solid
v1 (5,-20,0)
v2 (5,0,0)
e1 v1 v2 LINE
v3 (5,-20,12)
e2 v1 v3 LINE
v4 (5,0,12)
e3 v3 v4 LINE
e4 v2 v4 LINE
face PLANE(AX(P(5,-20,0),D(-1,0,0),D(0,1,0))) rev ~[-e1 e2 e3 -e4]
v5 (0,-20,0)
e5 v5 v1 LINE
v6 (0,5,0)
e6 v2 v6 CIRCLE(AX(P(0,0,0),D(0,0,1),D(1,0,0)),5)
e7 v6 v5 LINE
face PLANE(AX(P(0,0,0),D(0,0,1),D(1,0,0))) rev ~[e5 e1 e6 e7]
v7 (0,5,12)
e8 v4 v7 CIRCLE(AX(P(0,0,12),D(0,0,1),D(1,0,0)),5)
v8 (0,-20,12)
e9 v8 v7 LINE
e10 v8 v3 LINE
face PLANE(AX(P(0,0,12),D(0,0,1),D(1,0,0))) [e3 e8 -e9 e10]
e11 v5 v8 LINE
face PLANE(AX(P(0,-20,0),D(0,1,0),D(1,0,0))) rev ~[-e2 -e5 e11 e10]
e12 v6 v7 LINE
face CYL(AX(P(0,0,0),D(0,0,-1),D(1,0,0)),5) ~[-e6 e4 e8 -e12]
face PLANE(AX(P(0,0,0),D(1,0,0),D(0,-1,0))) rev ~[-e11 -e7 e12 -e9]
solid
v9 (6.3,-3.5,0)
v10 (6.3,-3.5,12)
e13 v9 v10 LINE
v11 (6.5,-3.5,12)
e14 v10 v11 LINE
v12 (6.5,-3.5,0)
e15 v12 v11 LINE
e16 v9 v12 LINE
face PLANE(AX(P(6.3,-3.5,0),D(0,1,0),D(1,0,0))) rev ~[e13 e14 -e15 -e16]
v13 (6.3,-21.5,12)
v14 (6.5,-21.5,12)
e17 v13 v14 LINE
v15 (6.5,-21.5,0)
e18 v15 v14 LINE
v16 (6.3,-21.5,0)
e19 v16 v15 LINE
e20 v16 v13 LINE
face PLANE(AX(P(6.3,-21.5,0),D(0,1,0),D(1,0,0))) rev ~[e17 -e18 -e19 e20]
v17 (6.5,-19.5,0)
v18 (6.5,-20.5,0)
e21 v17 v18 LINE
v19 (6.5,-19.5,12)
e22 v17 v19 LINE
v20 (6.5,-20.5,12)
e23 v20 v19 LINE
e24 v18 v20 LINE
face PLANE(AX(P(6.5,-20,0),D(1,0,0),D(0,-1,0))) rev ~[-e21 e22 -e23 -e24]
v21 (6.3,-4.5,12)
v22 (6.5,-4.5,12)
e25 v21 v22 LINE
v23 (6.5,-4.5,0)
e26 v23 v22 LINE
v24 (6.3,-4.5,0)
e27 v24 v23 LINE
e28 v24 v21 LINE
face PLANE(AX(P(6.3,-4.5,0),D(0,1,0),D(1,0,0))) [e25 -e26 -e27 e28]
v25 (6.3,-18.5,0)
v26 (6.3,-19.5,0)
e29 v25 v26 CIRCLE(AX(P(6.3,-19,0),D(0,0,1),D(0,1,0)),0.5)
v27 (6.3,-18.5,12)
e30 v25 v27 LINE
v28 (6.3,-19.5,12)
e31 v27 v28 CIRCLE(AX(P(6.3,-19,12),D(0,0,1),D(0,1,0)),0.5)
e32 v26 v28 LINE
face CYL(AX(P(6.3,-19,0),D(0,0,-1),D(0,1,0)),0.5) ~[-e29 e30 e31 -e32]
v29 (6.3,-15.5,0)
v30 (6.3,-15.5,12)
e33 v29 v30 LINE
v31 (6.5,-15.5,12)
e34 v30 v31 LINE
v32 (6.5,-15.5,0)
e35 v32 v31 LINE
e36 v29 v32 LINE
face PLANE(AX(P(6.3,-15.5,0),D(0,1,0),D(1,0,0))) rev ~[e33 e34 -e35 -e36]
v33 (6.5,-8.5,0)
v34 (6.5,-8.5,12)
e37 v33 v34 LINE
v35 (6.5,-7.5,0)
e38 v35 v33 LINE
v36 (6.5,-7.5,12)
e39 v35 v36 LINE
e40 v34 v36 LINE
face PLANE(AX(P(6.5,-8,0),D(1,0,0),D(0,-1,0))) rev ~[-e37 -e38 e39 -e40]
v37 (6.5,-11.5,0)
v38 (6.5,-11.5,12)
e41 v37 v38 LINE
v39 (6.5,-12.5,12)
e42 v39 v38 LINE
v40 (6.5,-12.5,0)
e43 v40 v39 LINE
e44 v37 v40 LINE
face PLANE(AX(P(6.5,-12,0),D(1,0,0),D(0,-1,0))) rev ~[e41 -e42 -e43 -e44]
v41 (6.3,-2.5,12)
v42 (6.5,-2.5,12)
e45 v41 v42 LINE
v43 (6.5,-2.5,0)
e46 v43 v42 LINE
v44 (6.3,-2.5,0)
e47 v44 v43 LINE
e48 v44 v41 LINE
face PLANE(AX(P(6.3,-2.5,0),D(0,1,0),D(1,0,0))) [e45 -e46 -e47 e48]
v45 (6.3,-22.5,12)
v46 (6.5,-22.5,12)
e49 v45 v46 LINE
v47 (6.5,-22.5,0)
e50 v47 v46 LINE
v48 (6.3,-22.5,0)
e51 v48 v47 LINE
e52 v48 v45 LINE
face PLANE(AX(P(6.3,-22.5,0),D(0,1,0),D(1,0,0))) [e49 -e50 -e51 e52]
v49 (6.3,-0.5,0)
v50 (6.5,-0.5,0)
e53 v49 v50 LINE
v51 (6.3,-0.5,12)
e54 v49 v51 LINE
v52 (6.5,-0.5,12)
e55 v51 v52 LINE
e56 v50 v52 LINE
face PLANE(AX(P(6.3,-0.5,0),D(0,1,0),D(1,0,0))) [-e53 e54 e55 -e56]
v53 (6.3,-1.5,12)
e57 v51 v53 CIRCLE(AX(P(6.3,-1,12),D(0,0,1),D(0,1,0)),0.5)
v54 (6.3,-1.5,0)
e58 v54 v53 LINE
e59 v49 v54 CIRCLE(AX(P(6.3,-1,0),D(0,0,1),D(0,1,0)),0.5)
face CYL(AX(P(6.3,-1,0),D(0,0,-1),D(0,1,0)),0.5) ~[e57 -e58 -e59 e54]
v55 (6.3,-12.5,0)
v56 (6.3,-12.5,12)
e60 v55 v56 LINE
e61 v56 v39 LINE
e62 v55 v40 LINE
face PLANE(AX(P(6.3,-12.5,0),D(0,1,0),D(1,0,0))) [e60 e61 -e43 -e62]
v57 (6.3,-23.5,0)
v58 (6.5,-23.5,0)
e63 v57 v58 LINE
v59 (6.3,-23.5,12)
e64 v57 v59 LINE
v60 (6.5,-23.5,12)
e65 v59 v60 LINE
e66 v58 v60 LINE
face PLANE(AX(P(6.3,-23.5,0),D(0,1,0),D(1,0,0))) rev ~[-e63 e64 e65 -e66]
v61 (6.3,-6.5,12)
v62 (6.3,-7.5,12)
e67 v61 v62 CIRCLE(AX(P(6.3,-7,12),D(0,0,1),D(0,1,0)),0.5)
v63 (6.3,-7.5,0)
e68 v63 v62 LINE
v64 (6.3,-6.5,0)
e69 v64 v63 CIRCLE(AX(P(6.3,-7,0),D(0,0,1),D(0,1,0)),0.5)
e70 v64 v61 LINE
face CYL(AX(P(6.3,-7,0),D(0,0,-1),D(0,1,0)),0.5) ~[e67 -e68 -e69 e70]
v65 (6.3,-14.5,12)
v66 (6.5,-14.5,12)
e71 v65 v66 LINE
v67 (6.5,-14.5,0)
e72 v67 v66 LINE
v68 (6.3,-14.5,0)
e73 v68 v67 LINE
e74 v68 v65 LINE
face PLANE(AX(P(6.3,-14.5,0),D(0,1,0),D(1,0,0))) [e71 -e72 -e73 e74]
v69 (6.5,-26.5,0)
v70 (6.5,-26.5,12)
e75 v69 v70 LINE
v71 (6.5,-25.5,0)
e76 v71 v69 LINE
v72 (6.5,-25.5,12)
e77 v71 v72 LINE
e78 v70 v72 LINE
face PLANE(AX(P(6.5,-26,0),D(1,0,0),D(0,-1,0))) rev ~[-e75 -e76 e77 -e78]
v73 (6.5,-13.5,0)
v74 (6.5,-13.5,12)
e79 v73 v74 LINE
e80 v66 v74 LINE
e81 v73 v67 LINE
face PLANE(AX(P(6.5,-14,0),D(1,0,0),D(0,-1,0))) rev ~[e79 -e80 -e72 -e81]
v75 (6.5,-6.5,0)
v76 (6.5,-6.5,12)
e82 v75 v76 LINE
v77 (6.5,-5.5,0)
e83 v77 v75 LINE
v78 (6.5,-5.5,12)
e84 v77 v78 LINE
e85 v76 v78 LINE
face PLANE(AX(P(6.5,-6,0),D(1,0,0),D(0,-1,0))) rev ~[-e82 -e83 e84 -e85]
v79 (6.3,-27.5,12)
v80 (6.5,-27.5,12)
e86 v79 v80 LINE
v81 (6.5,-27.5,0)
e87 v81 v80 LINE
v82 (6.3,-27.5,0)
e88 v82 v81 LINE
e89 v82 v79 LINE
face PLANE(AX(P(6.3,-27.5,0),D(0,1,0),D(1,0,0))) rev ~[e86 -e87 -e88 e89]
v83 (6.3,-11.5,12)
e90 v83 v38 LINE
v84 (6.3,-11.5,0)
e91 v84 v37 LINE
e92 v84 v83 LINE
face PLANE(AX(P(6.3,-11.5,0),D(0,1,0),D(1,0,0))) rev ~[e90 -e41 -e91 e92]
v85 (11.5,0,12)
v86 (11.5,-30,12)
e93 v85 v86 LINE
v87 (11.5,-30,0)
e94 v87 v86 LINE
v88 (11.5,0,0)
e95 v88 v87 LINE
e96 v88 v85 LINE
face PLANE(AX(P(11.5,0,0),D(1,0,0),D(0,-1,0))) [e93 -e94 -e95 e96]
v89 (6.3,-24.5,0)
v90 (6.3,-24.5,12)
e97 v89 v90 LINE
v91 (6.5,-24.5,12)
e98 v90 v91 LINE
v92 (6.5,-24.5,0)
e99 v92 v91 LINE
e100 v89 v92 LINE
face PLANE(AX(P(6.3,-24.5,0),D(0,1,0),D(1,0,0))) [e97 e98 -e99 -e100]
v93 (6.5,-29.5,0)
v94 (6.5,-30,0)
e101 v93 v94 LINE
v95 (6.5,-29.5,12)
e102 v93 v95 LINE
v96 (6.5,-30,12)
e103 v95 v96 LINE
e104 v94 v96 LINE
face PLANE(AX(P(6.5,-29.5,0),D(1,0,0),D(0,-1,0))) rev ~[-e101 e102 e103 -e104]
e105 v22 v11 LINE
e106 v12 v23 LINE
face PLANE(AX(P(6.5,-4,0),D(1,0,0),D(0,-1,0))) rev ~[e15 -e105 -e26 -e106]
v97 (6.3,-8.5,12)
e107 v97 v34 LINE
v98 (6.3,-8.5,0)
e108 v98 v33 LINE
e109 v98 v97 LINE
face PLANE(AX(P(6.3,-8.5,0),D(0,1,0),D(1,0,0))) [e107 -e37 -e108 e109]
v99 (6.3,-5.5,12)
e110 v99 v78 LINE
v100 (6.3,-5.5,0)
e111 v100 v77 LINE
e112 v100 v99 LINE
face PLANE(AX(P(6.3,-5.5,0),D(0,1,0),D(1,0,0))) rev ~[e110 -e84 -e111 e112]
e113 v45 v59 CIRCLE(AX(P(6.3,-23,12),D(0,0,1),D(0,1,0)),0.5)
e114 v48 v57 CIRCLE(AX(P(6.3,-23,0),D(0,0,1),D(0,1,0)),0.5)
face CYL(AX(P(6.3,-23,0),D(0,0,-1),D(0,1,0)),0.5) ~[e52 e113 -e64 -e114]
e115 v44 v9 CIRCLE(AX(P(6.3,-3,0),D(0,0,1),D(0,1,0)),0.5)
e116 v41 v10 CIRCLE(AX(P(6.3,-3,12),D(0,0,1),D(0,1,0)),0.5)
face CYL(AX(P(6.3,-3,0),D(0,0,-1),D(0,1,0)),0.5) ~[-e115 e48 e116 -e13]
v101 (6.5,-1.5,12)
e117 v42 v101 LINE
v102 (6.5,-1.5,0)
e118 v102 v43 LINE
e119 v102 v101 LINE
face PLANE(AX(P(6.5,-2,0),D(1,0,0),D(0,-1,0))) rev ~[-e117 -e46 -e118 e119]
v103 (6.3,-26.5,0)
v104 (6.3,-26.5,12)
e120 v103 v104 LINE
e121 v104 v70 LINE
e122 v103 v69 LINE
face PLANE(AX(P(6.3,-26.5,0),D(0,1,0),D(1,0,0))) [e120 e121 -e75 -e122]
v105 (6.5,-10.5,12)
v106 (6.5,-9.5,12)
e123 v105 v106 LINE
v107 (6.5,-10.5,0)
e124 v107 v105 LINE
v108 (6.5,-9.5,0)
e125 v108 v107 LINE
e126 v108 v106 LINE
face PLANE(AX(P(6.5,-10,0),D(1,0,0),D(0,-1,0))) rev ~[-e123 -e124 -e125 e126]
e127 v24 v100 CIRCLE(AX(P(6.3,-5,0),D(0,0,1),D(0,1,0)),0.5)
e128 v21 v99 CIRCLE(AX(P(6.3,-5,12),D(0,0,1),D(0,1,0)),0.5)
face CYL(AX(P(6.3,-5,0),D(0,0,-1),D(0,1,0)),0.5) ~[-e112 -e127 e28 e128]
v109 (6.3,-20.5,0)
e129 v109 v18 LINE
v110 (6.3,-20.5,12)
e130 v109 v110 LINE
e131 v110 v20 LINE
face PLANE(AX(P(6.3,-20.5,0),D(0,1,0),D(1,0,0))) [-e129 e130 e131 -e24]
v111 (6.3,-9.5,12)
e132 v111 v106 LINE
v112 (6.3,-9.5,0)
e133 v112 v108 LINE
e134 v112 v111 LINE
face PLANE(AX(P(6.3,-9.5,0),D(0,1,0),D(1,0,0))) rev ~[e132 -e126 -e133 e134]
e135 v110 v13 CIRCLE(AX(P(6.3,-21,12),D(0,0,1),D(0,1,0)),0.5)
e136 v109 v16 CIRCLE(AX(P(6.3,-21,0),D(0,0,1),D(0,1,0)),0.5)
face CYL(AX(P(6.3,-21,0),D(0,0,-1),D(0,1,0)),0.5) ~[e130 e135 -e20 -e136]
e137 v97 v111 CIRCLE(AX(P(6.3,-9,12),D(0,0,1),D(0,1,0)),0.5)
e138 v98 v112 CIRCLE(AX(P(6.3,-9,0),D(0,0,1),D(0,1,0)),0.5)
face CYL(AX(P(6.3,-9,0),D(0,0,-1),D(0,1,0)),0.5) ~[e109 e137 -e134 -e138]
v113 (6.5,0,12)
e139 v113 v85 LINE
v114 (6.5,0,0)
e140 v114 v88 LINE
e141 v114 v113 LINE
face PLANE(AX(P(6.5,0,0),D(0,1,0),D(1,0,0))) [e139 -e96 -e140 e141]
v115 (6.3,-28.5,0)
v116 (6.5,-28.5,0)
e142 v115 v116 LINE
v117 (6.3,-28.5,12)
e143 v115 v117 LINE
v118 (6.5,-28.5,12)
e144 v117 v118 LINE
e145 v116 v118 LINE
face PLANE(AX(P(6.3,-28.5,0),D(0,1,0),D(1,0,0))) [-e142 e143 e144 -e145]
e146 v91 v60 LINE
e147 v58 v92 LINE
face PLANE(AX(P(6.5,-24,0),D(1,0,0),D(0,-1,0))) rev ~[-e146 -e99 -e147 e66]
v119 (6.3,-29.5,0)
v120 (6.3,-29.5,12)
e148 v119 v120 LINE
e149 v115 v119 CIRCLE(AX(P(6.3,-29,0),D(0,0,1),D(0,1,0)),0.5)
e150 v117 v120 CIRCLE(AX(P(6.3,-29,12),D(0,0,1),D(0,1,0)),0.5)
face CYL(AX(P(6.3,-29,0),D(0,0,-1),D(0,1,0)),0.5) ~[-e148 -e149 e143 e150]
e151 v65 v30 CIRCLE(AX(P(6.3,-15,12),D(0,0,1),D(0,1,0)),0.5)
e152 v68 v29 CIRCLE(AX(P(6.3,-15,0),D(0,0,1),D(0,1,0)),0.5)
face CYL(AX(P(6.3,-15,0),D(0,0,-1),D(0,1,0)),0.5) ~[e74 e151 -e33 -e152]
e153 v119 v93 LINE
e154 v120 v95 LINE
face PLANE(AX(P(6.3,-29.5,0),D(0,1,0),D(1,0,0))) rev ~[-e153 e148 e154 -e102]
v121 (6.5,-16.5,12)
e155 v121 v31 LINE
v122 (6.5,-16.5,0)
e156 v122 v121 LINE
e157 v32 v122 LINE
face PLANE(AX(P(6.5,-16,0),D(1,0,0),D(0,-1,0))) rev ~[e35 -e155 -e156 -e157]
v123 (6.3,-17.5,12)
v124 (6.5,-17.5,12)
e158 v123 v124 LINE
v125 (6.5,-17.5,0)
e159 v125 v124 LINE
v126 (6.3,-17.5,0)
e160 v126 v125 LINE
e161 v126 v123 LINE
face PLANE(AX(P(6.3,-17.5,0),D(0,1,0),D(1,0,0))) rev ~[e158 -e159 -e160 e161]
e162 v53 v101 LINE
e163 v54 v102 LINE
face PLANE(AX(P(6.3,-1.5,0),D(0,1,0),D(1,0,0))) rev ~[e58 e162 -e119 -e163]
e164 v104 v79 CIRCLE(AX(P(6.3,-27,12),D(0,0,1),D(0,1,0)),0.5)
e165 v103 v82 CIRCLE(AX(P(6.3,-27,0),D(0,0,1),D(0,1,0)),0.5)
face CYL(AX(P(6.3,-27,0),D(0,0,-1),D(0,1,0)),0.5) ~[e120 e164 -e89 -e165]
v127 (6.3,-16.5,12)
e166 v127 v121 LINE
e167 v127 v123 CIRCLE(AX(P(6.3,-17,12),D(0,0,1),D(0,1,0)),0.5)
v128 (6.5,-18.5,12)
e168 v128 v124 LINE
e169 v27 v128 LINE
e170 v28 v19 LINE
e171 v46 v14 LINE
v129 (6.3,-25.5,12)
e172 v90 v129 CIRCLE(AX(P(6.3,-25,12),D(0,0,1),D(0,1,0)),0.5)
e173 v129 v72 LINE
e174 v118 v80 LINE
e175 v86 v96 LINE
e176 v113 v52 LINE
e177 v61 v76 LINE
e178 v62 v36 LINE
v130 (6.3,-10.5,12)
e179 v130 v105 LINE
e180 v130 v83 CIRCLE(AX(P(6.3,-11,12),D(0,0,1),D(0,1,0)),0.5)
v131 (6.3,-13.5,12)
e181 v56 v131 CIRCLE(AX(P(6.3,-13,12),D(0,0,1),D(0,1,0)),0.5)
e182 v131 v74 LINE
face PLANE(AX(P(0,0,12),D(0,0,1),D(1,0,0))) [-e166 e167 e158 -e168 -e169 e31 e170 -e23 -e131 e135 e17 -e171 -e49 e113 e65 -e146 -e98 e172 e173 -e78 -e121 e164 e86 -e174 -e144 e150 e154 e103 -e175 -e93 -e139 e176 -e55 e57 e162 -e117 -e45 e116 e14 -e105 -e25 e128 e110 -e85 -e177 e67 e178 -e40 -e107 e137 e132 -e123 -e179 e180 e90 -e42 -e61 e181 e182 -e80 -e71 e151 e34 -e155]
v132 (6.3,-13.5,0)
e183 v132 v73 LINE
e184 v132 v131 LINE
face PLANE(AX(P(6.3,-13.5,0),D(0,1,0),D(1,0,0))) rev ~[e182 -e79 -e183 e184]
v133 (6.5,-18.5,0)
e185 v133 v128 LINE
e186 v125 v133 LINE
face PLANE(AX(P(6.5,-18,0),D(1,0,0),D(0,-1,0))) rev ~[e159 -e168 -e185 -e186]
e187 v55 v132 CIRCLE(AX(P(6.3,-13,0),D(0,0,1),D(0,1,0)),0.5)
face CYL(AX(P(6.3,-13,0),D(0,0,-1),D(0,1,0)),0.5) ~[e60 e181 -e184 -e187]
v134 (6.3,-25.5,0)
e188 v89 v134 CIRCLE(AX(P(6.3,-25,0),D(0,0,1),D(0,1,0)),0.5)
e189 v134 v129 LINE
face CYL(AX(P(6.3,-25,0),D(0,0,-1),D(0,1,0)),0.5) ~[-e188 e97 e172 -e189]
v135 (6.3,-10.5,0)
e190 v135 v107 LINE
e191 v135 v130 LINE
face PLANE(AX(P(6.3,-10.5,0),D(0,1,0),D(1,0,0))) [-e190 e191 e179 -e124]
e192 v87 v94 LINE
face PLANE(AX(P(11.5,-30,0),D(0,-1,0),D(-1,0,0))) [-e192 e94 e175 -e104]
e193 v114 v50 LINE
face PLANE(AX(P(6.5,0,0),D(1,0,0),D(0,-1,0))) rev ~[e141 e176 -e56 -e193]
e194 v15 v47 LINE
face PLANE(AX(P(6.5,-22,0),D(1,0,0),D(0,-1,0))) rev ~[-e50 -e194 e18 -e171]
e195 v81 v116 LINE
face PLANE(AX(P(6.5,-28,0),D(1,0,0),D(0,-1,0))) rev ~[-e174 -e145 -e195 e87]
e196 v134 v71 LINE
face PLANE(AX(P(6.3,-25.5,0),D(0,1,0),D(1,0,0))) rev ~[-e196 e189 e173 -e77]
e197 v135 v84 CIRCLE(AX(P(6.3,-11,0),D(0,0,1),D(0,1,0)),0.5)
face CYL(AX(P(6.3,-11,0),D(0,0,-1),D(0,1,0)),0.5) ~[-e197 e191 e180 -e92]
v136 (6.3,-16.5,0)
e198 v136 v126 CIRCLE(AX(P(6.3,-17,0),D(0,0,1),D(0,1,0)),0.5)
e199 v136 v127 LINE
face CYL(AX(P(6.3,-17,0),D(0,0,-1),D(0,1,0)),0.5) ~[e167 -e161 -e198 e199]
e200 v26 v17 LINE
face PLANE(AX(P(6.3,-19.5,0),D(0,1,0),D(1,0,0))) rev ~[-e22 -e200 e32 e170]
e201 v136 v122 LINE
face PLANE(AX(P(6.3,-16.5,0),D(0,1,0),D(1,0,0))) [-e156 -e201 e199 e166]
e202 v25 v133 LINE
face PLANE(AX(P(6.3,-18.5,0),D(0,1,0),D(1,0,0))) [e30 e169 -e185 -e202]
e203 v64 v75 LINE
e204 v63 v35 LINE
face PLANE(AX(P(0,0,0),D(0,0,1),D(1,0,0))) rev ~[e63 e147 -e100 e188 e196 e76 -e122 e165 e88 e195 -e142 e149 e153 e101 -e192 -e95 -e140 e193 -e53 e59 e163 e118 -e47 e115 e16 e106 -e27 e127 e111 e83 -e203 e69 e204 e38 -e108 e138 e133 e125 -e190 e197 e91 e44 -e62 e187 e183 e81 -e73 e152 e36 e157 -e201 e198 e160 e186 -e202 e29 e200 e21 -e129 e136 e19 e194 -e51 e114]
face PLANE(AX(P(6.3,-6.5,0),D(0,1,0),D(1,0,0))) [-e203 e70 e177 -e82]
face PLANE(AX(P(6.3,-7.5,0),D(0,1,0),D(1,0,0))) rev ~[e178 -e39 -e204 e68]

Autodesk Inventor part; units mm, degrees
ref_plane "YZ Plane" through (0, 0, 0) normal (1, 0, 0) x (0, 1, 0)
ref_plane "XZ Plane" through (0, 0, 0) normal (0, 1, 0) x (-1, 0, 0)
ref_plane "XY Plane" through (0, 0, 0) normal (0, 0, 1) x (1, 0, 0)
sketch "Sketch1" plane through (0, 0, 0) normal (0, 0, 1) x (1, 0, 0)
  arc A0 (5, 0) -> (0, 5) centre (0, 0) ccw
  line L0 (0, 0) -> (0, -20)
  line L1 (0, -20) -> (5, -20)
  line L2 (5, -20) -> (5, 0)
  line L3 (0, 0) -> (0, 5)
  arc A1 (6.3, -0.5) -> (6.3, -1.5) centre (6.3, -1) ccw
  line L4 (6.3, -0.5) -> (6.5, -0.5)
  line L5 (6.3, -1.5) -> (6.5, -1.5)
  line L6 (6.5, 0) -> (6.5, -0.5)
  line L7 (6.5, -1.5) -> (6.5, -2)
  arc A2 (6.3, -2.5) -> (6.3, -3.5) centre (6.3, -3) ccw
  line L8 (6.3, -2.5) -> (6.5, -2.5)
  line L9 (6.3, -3.5) -> (6.5, -3.5)
  line L10 (6.5, -2) -> (6.5, -2.5)
  line L11 (6.5, -3.5) -> (6.5, -4)
  arc A3 (6.3, -4.5) -> (6.3, -5.5) centre (6.3, -5) ccw
  line L12 (6.3, -4.5) -> (6.5, -4.5)
  line L13 (6.3, -5.5) -> (6.5, -5.5)
  line L14 (6.5, -4) -> (6.5, -4.5)
  line L15 (6.5, -5.5) -> (6.5, -6)
  arc A4 (6.3, -6.5) -> (6.3, -7.5) centre (6.3, -7) ccw
  line L16 (6.3, -6.5) -> (6.5, -6.5)
  line L17 (6.3, -7.5) -> (6.5, -7.5)
  line L18 (6.5, -6) -> (6.5, -6.5)
  line L19 (6.5, -7.5) -> (6.5, -8)
  arc A5 (6.3, -8.5) -> (6.3, -9.5) centre (6.3, -9) ccw
  line L20 (6.3, -8.5) -> (6.5, -8.5)
  line L21 (6.3, -9.5) -> (6.5, -9.5)
  line L22 (6.5, -8) -> (6.5, -8.5)
  line L23 (6.5, -9.5) -> (6.5, -10)
  arc A6 (6.3, -10.5) -> (6.3, -11.5) centre (6.3, -11) ccw
  line L24 (6.3, -10.5) -> (6.5, -10.5)
  line L25 (6.3, -11.5) -> (6.5, -11.5)
  line L26 (6.5, -10) -> (6.5, -10.5)
  line L27 (6.5, -11.5) -> (6.5, -12)
  arc A7 (6.3, -12.5) -> (6.3, -13.5) centre (6.3, -13) ccw
  line L28 (6.3, -12.5) -> (6.5, -12.5)
  line L29 (6.3, -13.5) -> (6.5, -13.5)
  line L30 (6.5, -12) -> (6.5, -12.5)
  line L31 (6.5, -13.5) -> (6.5, -14)
  arc A8 (6.3, -14.5) -> (6.3, -15.5) centre (6.3, -15) ccw
  line L32 (6.3, -14.5) -> (6.5, -14.5)
  line L33 (6.3, -15.5) -> (6.5, -15.5)
  line L34 (6.5, -14) -> (6.5, -14.5)
  line L35 (6.5, -15.5) -> (6.5, -16)
  arc A9 (6.3, -16.5) -> (6.3, -17.5) centre (6.3, -17) ccw
  line L36 (6.3, -16.5) -> (6.5, -16.5)
  line L37 (6.3, -17.5) -> (6.5, -17.5)
  line L38 (6.5, -16) -> (6.5, -16.5)
  line L39 (6.5, -17.5) -> (6.5, -18)
  arc A10 (6.3, -18.5) -> (6.3, -19.5) centre (6.3, -19) ccw
  line L40 (6.3, -18.5) -> (6.5, -18.5)
  line L41 (6.3, -19.5) -> (6.5, -19.5)
  line L42 (6.5, -18) -> (6.5, -18.5)
  line L43 (6.5, -19.5) -> (6.5, -20)
  arc A11 (6.3, -20.5) -> (6.3, -21.5) centre (6.3, -21) ccw
  line L44 (6.3, -20.5) -> (6.5, -20.5)
  line L45 (6.3, -21.5) -> (6.5, -21.5)
  line L46 (6.5, -20) -> (6.5, -20.5)
  line L47 (6.5, -21.5) -> (6.5, -22)
  arc A12 (6.3, -22.5) -> (6.3, -23.5) centre (6.3, -23) ccw
  line L48 (6.3, -22.5) -> (6.5, -22.5)
  line L49 (6.3, -23.5) -> (6.5, -23.5)
  line L50 (6.5, -22) -> (6.5, -22.5)
  line L51 (6.5, -23.5) -> (6.5, -24)
  arc A13 (6.3, -24.5) -> (6.3, -25.5) centre (6.3, -25) ccw
  line L52 (6.3, -24.5) -> (6.5, -24.5)
  line L53 (6.3, -25.5) -> (6.5, -25.5)
  line L54 (6.5, -24) -> (6.5, -24.5)
  line L55 (6.5, -25.5) -> (6.5, -26)
  arc A14 (6.3, -26.5) -> (6.3, -27.5) centre (6.3, -27) ccw
  line L56 (6.3, -26.5) -> (6.5, -26.5)
  line L57 (6.3, -27.5) -> (6.5, -27.5)
  line L58 (6.5, -26) -> (6.5, -26.5)
  line L59 (6.5, -27.5) -> (6.5, -28)
  arc A15 (6.3, -28.5) -> (6.3, -29.5) centre (6.3, -29) ccw
  line L60 (6.3, -28.5) -> (6.5, -28.5)
  line L61 (6.3, -29.5) -> (6.5, -29.5)
  line L62 (6.5, -28) -> (6.5, -28.5)
  line L63 (6.5, -29.5) -> (6.5, -30)
  line L64 (6.5, 0) -> (11.5, 0)
  line L65 (11.5, 0) -> (11.5, -30)
  line L66 (11.5, -30) -> (6.5, -30)
  dimension "d0" = 10
  dimension "d15" = 20
  dimension "d22" = 1
  dimension "d23" = 2
  dimension "d25" = 0.2
  dimension "d26" = 0.5
  dimension "d27" = 0.5
  dimension "d28" = 1.5
  dimension "d31" = 2
  dimension "d36" = 5
extrude "Extrusion1" add sketch "Sketch1" along normal blind 12
equation "\"d26\" = d27"
properties part number "BeltClamp"
